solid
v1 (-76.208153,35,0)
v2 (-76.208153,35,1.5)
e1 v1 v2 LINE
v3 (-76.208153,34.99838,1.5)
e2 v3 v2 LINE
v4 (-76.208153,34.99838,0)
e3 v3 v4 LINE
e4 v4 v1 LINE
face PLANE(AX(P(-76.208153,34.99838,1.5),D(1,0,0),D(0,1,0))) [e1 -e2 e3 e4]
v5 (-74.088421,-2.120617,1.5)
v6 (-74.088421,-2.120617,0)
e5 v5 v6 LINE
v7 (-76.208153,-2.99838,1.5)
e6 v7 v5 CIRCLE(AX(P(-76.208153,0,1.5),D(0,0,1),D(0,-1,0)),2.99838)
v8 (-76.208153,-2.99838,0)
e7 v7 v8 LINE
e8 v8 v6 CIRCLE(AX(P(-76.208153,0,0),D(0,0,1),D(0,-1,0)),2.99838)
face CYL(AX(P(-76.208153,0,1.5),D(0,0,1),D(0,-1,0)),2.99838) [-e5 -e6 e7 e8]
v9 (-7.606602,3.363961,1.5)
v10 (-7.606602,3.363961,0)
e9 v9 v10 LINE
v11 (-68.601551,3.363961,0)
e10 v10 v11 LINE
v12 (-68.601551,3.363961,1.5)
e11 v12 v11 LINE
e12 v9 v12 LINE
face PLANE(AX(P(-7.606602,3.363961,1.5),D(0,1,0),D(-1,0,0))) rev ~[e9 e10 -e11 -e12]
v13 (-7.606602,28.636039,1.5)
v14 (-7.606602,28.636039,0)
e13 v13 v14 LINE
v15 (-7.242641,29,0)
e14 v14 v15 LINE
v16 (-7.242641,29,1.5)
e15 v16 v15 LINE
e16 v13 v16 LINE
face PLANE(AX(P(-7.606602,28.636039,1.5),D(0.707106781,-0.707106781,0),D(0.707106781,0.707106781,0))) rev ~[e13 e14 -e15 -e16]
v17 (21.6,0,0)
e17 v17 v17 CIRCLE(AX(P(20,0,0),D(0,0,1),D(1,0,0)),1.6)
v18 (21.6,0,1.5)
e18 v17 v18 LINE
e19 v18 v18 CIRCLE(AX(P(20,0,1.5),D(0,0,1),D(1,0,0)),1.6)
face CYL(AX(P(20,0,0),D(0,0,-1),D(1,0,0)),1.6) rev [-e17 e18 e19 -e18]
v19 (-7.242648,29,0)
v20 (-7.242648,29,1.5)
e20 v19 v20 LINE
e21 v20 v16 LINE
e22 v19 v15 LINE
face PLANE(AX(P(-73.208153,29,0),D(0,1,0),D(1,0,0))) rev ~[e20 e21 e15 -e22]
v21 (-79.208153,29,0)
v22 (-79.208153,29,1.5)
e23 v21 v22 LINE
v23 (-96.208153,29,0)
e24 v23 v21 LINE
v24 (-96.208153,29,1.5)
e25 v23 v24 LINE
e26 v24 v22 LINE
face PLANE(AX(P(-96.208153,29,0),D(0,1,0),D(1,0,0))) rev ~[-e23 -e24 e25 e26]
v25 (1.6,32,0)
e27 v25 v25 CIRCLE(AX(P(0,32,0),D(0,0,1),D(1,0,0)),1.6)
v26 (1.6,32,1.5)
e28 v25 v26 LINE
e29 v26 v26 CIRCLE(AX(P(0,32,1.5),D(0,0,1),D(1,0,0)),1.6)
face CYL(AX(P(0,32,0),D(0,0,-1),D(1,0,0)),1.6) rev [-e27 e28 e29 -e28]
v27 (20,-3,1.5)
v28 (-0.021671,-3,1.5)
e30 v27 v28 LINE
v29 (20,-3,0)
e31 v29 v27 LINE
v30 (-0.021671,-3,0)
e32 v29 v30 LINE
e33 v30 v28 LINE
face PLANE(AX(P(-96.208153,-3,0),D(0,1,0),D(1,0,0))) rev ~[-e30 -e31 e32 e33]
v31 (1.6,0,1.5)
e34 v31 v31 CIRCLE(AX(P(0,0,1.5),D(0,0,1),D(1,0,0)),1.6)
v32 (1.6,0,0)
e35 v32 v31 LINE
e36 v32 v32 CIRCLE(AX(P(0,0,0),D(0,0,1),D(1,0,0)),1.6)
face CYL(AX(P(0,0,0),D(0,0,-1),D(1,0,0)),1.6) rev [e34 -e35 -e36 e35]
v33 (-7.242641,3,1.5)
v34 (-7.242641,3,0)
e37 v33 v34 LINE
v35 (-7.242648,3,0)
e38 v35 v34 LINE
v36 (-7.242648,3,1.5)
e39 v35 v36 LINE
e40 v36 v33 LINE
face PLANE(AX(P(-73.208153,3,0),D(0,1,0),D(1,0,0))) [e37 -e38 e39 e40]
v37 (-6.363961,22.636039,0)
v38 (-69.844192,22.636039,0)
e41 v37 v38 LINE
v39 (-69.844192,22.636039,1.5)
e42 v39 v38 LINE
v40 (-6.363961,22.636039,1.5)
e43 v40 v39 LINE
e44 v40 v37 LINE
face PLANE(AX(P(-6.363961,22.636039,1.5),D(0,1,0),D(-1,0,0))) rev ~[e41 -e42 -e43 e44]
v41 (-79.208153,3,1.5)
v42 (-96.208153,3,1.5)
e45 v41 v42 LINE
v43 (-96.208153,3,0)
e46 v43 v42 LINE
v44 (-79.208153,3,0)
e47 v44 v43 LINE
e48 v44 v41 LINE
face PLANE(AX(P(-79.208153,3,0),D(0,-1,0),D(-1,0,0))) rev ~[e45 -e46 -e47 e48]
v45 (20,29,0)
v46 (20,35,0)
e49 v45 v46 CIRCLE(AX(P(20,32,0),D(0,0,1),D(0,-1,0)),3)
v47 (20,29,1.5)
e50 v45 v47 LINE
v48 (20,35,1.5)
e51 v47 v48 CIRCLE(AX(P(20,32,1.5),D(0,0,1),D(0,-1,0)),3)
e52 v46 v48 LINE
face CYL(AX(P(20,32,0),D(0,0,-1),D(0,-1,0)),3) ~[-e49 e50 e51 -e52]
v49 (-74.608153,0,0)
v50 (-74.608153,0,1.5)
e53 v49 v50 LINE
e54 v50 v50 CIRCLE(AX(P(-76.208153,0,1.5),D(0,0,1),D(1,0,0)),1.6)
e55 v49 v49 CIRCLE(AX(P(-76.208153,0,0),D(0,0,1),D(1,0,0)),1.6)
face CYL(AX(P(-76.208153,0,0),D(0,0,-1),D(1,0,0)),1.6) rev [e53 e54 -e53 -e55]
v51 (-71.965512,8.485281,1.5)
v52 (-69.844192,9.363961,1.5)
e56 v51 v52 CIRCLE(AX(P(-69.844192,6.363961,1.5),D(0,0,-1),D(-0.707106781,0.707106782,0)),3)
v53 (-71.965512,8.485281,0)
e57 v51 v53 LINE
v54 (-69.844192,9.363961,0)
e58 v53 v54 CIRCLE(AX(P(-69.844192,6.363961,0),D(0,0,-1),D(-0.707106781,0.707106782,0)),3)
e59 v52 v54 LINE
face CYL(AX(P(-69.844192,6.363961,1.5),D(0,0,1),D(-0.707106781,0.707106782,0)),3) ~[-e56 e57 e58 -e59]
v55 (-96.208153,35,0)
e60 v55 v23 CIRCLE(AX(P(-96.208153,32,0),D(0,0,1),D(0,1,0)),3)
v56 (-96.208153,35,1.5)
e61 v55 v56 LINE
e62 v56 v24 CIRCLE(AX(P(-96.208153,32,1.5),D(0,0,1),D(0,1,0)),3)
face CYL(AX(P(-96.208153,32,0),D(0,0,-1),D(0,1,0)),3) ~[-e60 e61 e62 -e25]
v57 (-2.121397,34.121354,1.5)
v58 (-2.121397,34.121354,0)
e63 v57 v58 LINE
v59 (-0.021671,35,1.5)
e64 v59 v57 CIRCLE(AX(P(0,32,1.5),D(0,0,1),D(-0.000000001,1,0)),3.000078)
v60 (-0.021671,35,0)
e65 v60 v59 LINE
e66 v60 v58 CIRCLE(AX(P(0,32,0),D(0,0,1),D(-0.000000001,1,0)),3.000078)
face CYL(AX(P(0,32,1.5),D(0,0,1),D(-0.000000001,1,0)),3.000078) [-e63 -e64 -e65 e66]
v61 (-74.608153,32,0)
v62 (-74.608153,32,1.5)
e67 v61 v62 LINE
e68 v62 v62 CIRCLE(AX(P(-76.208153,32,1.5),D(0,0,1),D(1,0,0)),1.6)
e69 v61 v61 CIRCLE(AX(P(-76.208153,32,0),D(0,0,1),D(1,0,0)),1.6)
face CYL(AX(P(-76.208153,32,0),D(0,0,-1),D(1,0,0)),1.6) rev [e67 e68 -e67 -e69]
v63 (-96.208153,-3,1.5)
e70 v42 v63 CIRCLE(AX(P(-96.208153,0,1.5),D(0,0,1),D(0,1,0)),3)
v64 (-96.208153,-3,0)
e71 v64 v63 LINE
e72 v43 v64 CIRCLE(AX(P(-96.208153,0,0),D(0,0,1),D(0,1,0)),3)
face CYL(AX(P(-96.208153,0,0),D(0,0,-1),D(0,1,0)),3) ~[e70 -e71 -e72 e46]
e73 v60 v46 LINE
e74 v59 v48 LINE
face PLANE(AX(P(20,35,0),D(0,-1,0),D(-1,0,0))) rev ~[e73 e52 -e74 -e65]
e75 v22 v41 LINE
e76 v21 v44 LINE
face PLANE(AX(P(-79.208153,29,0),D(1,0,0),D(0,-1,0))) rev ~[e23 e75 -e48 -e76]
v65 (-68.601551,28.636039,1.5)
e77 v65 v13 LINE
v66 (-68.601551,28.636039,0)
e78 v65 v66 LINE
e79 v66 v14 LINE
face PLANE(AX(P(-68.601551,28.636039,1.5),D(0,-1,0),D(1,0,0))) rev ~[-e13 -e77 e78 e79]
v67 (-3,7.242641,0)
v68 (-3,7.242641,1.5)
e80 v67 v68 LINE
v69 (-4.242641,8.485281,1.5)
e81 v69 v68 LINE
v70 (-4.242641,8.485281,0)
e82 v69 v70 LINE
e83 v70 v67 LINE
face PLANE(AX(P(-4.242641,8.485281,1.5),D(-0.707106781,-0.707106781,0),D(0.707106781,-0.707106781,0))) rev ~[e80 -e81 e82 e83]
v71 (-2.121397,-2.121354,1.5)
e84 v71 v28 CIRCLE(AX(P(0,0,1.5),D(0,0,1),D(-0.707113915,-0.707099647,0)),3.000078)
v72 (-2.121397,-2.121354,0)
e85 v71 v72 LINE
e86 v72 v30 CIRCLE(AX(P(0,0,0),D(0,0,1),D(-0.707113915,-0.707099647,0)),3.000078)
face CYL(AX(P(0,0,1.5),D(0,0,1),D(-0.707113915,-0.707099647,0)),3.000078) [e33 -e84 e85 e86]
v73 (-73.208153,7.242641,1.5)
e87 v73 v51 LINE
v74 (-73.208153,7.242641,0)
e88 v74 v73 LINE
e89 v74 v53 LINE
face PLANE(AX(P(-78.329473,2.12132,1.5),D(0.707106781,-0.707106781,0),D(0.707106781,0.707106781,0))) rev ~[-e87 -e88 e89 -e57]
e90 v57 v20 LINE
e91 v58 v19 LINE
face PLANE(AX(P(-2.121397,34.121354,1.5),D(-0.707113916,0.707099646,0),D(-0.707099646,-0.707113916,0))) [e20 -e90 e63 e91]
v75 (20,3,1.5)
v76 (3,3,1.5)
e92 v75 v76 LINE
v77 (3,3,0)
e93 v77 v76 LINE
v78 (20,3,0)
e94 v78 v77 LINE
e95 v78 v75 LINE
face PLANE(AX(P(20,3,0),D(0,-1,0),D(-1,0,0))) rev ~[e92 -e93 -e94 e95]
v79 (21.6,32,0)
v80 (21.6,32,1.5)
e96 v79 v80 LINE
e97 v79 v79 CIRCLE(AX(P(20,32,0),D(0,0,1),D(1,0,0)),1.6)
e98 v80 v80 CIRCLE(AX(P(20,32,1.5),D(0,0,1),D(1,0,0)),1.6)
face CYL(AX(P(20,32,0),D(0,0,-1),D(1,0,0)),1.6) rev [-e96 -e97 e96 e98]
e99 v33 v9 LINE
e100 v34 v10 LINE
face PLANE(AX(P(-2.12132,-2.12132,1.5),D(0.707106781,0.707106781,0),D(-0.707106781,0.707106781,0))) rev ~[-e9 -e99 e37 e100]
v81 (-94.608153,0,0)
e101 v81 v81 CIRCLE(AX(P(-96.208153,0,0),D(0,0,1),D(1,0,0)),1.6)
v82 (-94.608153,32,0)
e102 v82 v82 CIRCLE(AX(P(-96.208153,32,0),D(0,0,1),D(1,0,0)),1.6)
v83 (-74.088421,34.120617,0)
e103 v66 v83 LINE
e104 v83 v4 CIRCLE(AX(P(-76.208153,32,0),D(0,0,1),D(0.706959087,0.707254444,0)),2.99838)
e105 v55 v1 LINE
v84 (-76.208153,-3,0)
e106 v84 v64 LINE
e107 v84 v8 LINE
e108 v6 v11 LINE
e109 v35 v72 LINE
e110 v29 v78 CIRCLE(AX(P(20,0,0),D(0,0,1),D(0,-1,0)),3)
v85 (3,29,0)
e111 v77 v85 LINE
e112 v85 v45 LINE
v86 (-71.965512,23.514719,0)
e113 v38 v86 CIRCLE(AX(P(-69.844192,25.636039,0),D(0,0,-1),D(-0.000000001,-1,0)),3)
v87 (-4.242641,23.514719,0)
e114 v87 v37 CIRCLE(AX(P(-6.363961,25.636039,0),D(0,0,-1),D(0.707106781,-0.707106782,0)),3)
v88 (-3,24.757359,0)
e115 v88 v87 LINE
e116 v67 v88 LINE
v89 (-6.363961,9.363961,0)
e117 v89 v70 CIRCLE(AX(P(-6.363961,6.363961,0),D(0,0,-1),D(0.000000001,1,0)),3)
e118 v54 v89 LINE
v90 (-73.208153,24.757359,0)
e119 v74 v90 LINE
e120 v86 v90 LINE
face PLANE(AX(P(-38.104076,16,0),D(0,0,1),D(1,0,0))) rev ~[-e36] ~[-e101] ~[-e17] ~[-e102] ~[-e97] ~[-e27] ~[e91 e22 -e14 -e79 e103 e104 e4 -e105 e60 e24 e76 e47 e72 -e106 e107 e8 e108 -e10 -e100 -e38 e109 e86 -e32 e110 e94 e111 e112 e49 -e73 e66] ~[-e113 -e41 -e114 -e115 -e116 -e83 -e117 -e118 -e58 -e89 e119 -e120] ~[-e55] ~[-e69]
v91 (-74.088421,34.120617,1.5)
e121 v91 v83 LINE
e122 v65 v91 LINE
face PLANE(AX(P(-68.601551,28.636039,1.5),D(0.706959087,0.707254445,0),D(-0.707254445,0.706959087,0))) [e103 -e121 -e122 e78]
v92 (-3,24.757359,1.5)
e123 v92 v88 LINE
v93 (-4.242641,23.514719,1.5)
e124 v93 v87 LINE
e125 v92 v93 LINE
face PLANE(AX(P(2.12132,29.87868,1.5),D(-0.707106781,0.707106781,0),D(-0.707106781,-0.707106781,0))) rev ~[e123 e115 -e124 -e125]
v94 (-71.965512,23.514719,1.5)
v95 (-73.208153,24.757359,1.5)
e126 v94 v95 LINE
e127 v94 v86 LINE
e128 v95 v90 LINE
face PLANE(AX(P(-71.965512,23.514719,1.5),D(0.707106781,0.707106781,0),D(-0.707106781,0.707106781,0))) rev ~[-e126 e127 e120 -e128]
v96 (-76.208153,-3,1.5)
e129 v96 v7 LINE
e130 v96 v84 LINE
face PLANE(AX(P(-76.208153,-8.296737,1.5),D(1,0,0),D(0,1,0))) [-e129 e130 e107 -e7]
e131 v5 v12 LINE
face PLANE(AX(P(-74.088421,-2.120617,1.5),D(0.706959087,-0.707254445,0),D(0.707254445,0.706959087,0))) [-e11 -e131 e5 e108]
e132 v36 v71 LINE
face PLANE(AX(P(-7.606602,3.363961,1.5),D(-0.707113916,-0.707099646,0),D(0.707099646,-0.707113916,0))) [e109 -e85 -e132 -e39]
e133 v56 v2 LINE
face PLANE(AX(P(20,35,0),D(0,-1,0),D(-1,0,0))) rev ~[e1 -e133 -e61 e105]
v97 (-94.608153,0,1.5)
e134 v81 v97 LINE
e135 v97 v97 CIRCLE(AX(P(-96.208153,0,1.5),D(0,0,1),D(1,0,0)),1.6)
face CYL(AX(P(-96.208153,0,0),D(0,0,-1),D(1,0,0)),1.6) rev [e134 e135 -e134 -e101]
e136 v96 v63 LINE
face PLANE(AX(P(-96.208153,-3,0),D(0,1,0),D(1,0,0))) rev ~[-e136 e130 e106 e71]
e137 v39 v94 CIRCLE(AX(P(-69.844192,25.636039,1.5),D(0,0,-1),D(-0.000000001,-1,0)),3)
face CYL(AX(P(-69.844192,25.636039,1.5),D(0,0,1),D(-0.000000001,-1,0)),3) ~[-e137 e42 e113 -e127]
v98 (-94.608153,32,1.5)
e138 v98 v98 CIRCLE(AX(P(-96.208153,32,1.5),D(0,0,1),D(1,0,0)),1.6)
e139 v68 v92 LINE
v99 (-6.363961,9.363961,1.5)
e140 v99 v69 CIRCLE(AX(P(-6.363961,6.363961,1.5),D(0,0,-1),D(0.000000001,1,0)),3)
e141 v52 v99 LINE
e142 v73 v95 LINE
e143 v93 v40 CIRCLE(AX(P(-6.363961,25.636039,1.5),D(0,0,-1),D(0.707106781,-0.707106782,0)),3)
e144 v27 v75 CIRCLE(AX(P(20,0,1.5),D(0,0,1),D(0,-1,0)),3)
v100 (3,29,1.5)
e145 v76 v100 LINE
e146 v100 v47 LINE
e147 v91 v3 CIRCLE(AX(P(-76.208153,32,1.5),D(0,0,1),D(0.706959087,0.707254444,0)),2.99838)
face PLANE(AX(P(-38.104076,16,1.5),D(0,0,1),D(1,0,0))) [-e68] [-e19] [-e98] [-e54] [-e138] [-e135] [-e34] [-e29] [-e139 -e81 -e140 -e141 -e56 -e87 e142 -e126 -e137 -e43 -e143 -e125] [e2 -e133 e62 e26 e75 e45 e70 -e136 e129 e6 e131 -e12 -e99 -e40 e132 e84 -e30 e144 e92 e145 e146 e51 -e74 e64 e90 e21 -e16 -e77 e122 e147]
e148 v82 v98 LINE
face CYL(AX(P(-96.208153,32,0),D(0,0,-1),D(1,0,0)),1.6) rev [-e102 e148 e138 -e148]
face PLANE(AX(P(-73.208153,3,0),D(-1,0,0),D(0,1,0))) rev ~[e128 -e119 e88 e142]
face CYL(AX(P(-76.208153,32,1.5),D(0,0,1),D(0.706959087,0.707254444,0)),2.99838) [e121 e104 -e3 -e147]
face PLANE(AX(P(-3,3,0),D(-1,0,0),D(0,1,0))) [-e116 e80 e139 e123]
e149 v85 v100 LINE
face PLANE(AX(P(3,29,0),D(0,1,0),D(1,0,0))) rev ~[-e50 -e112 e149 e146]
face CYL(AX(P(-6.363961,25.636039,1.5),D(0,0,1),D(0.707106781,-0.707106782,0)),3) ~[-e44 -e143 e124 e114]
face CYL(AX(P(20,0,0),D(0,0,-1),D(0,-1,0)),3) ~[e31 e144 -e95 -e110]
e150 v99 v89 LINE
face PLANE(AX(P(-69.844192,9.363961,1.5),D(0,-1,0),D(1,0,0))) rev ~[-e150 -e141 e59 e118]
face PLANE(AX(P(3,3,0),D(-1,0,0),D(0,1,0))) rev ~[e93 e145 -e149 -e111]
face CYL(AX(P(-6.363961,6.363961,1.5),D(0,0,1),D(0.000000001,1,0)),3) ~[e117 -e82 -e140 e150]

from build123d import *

# Parameters (mm, degrees)
SKETCH1_R           = 1.6
SKETCH1_W           = 70.2081528
SKETCH1_H           = 26
BOSS_EXTRUDE1_DEPTH = 1.5
SKETCH2_R           = 1.6
BOSS_EXTRUDE2_DEPTH = 1.5
CUT_EXTRUDE1_DEPTH  = 1.5


with BuildPart() as part:
    # Sketch1 → Boss-Extrude1 (new body)
    with BuildSketch(Plane.XY):
        with BuildLine():
            Line((0, -3), (20, -3))
            ThreePointArc((20, -3), (23, 0), (20, 3))
            Line((20, 3), (3, 3))
            Line((3, 3), (3, 13))
            Line((3, 13), (3, 29))
            Line((3, 29), (20, 29))
            ThreePointArc((20, 29), (23, 32), (20, 35))
            Line((20, 35), (0, 35))
            Line((0, 35), (-76.2081528, 35))
            Line((-76.2081528, 35), (-96.2081528, 35))
            ThreePointArc((-96.2081528, 35), (-99.2081528, 32), (-96.2081528, 29))
            Line((-96.2081528, 29), (-79.2081528, 29))
            Line((-79.2081528, 29), (-79.2081528, 14.5))
            Line((-79.2081528, 14.5), (-79.2081528, 3))
            Line((-79.2081528, 3), (-96.2081528, 3))
            ThreePointArc((-96.2081528, 3), (-99.2081528, 0), (-96.2081528, -3))
            Line((-96.2081528, -3), (-76.2081528, -3))
            Line((-76.2081528, -3), (0, -3))
        make_face()
        with Locations((-76.2081528, 0)):
            Circle(SKETCH1_R, mode=Mode.SUBTRACT)
        with Locations((-76.2081528, 32)):
            Circle(SKETCH1_R, mode=Mode.SUBTRACT)
        Circle(SKETCH1_R, mode=Mode.SUBTRACT)
        with Locations((20, 0)):
            Circle(SKETCH1_R, mode=Mode.SUBTRACT)
        with Locations((0, 32)):
            Circle(SKETCH1_R, mode=Mode.SUBTRACT)
        with Locations((20, 32)):
            Circle(SKETCH1_R, mode=Mode.SUBTRACT)
        with Locations((-96.2081528, 32)):
            Circle(SKETCH1_R, mode=Mode.SUBTRACT)
        with Locations((-96.2081528, 0)):
            Circle(SKETCH1_R, mode=Mode.SUBTRACT)
        with Locations((-38.1040764, 16)):
            Rectangle(SKETCH1_W, SKETCH1_H, mode=Mode.SUBTRACT)
    extrude(amount=BOSS_EXTRUDE1_DEPTH)

    # Sketch2 → Boss-Extrude2 (add)
    with BuildSketch(Plane.XY.offset(1.5)):
        with BuildLine():
            Line((-74.086832456, 34.121320344), (-68.601551082, 28.636038969))
            Line((-68.601551082, 28.636038969), (-7.606601718, 28.636038969))
            Line((-7.606601718, 28.636038969), (-2.121320344, 34.121320344))
            ThreePointArc((-2.121320344, 34.121320344), (2.121320344, 34.121320344), (2.121320344, 29.878679656))
            Line((2.121320344, 29.878679656), (-4.242640687, 23.514718626))
            ThreePointArc((-4.242640687, 23.514718626), (-5.215910734, 22.864400372), (-6.363961031, 22.636038969))
            Line((-6.363961031, 22.636038969), (-69.844191769, 22.636038969))
            ThreePointArc((-69.844191769, 22.636038969), (-70.992242066, 22.864400372), (-71.965512113, 23.514718626))
            Line((-71.965512113, 23.514718626), (-78.329473144, 29.878679656))
            ThreePointArc((-78.329473144, 29.878679656), (-78.329473144, 34.121320344), (-74.086832456, 34.121320344))
        make_face()
        with Locations((0, 32)):
            Circle(SKETCH2_R, mode=Mode.SUBTRACT)
        with Locations((-76.2081528, 32)):
            Circle(SKETCH2_R, mode=Mode.SUBTRACT)
        with BuildLine():
            Line((-69.844191769, 9.363961031), (-6.363961031, 9.363961031))
            ThreePointArc((-6.363961031, 9.363961031), (-5.215910734, 9.135599628), (-4.242640687, 8.485281374))
            Line((-4.242640687, 8.485281374), (2.121320344, 2.121320344))
            ThreePointArc((2.121320344, 2.121320344), (2.121320344, -2.121320344), (-2.121320344, -2.121320344))
            Line((-2.121320344, -2.121320344), (-7.606601718, 3.363961031))
            Line((-7.606601718, 3.363961031), (-68.601551082, 3.363961031))
            Line((-68.601551082, 3.363961031), (-74.086832456, -2.121320344))
            ThreePointArc((-74.086832456, -2.121320344), (-78.329473144, -2.121320344), (-78.329473144, 2.121320344))
            Line((-78.329473144, 2.121320344), (-71.965512113, 8.485281374))
            ThreePointArc((-71.965512113, 8.485281374), (-70.992242066, 9.135599628), (-69.844191769, 9.363961031))
        make_face()
        with Locations((-76.2081528, 0)):
            Circle(SKETCH2_R, mode=Mode.SUBTRACT)
        Circle(SKETCH2_R, mode=Mode.SUBTRACT)
    extrude(amount=-BOSS_EXTRUDE2_DEPTH)

    # Sketch3 → Cut-Extrude1 (cut)
    with BuildSketch(Plane.XY.offset(1.5)):
        with BuildLine():
            Line((-68.601551082, 28.636038969), (-74.088420945, 34.12061745))
            ThreePointArc((-74.088420945, 34.12061745), (-75.061011799, 34.770261546), (-76.2081528, 34.998379814))
            Line((-76.2081528, 34.998379814), (-76.2081528, 40.296736943))
            Line((-76.2081528, 40.296736943), (0, 40.296736943))
            Line((0, 40.296736943), (0, 35.000078273))
            ThreePointArc((0, 35.000078273), (-1.148094234, 34.77170512), (-2.121397096, 34.121354286))
            Line((-2.121397096, 34.121354286), (-7.606601718, 28.636038969))
            Line((-7.606601718, 28.636038969), (-68.601551082, 28.636038969))
        make_face()
        with BuildLine():
            Line((-76.2081528, -8.296736943), (-76.2081528, -2.998379814))
            ThreePointArc((-76.2081528, -2.998379814), (-75.061011799, -2.770261546), (-74.088420945, -2.12061745))
            Line((-74.088420945, -2.12061745), (-68.601551082, 3.363961031))
            Line((-68.601551082, 3.363961031), (-7.606601718, 3.363961031))
            Line((-7.606601718, 3.363961031), (-2.121397096, -2.121354286))
            ThreePointArc((-2.121397096, -2.121354286), (-1.148094234, -2.77170512), (0, -3.000078273))
            Line((0, -3.000078273), (0, -8.296736943))
            Line((0, -8.296736943), (-76.2081528, -8.296736943))
        make_face()
    extrude(amount=-CUT_EXTRUDE1_DEPTH, mode=Mode.SUBTRACT)


solid = part.part
